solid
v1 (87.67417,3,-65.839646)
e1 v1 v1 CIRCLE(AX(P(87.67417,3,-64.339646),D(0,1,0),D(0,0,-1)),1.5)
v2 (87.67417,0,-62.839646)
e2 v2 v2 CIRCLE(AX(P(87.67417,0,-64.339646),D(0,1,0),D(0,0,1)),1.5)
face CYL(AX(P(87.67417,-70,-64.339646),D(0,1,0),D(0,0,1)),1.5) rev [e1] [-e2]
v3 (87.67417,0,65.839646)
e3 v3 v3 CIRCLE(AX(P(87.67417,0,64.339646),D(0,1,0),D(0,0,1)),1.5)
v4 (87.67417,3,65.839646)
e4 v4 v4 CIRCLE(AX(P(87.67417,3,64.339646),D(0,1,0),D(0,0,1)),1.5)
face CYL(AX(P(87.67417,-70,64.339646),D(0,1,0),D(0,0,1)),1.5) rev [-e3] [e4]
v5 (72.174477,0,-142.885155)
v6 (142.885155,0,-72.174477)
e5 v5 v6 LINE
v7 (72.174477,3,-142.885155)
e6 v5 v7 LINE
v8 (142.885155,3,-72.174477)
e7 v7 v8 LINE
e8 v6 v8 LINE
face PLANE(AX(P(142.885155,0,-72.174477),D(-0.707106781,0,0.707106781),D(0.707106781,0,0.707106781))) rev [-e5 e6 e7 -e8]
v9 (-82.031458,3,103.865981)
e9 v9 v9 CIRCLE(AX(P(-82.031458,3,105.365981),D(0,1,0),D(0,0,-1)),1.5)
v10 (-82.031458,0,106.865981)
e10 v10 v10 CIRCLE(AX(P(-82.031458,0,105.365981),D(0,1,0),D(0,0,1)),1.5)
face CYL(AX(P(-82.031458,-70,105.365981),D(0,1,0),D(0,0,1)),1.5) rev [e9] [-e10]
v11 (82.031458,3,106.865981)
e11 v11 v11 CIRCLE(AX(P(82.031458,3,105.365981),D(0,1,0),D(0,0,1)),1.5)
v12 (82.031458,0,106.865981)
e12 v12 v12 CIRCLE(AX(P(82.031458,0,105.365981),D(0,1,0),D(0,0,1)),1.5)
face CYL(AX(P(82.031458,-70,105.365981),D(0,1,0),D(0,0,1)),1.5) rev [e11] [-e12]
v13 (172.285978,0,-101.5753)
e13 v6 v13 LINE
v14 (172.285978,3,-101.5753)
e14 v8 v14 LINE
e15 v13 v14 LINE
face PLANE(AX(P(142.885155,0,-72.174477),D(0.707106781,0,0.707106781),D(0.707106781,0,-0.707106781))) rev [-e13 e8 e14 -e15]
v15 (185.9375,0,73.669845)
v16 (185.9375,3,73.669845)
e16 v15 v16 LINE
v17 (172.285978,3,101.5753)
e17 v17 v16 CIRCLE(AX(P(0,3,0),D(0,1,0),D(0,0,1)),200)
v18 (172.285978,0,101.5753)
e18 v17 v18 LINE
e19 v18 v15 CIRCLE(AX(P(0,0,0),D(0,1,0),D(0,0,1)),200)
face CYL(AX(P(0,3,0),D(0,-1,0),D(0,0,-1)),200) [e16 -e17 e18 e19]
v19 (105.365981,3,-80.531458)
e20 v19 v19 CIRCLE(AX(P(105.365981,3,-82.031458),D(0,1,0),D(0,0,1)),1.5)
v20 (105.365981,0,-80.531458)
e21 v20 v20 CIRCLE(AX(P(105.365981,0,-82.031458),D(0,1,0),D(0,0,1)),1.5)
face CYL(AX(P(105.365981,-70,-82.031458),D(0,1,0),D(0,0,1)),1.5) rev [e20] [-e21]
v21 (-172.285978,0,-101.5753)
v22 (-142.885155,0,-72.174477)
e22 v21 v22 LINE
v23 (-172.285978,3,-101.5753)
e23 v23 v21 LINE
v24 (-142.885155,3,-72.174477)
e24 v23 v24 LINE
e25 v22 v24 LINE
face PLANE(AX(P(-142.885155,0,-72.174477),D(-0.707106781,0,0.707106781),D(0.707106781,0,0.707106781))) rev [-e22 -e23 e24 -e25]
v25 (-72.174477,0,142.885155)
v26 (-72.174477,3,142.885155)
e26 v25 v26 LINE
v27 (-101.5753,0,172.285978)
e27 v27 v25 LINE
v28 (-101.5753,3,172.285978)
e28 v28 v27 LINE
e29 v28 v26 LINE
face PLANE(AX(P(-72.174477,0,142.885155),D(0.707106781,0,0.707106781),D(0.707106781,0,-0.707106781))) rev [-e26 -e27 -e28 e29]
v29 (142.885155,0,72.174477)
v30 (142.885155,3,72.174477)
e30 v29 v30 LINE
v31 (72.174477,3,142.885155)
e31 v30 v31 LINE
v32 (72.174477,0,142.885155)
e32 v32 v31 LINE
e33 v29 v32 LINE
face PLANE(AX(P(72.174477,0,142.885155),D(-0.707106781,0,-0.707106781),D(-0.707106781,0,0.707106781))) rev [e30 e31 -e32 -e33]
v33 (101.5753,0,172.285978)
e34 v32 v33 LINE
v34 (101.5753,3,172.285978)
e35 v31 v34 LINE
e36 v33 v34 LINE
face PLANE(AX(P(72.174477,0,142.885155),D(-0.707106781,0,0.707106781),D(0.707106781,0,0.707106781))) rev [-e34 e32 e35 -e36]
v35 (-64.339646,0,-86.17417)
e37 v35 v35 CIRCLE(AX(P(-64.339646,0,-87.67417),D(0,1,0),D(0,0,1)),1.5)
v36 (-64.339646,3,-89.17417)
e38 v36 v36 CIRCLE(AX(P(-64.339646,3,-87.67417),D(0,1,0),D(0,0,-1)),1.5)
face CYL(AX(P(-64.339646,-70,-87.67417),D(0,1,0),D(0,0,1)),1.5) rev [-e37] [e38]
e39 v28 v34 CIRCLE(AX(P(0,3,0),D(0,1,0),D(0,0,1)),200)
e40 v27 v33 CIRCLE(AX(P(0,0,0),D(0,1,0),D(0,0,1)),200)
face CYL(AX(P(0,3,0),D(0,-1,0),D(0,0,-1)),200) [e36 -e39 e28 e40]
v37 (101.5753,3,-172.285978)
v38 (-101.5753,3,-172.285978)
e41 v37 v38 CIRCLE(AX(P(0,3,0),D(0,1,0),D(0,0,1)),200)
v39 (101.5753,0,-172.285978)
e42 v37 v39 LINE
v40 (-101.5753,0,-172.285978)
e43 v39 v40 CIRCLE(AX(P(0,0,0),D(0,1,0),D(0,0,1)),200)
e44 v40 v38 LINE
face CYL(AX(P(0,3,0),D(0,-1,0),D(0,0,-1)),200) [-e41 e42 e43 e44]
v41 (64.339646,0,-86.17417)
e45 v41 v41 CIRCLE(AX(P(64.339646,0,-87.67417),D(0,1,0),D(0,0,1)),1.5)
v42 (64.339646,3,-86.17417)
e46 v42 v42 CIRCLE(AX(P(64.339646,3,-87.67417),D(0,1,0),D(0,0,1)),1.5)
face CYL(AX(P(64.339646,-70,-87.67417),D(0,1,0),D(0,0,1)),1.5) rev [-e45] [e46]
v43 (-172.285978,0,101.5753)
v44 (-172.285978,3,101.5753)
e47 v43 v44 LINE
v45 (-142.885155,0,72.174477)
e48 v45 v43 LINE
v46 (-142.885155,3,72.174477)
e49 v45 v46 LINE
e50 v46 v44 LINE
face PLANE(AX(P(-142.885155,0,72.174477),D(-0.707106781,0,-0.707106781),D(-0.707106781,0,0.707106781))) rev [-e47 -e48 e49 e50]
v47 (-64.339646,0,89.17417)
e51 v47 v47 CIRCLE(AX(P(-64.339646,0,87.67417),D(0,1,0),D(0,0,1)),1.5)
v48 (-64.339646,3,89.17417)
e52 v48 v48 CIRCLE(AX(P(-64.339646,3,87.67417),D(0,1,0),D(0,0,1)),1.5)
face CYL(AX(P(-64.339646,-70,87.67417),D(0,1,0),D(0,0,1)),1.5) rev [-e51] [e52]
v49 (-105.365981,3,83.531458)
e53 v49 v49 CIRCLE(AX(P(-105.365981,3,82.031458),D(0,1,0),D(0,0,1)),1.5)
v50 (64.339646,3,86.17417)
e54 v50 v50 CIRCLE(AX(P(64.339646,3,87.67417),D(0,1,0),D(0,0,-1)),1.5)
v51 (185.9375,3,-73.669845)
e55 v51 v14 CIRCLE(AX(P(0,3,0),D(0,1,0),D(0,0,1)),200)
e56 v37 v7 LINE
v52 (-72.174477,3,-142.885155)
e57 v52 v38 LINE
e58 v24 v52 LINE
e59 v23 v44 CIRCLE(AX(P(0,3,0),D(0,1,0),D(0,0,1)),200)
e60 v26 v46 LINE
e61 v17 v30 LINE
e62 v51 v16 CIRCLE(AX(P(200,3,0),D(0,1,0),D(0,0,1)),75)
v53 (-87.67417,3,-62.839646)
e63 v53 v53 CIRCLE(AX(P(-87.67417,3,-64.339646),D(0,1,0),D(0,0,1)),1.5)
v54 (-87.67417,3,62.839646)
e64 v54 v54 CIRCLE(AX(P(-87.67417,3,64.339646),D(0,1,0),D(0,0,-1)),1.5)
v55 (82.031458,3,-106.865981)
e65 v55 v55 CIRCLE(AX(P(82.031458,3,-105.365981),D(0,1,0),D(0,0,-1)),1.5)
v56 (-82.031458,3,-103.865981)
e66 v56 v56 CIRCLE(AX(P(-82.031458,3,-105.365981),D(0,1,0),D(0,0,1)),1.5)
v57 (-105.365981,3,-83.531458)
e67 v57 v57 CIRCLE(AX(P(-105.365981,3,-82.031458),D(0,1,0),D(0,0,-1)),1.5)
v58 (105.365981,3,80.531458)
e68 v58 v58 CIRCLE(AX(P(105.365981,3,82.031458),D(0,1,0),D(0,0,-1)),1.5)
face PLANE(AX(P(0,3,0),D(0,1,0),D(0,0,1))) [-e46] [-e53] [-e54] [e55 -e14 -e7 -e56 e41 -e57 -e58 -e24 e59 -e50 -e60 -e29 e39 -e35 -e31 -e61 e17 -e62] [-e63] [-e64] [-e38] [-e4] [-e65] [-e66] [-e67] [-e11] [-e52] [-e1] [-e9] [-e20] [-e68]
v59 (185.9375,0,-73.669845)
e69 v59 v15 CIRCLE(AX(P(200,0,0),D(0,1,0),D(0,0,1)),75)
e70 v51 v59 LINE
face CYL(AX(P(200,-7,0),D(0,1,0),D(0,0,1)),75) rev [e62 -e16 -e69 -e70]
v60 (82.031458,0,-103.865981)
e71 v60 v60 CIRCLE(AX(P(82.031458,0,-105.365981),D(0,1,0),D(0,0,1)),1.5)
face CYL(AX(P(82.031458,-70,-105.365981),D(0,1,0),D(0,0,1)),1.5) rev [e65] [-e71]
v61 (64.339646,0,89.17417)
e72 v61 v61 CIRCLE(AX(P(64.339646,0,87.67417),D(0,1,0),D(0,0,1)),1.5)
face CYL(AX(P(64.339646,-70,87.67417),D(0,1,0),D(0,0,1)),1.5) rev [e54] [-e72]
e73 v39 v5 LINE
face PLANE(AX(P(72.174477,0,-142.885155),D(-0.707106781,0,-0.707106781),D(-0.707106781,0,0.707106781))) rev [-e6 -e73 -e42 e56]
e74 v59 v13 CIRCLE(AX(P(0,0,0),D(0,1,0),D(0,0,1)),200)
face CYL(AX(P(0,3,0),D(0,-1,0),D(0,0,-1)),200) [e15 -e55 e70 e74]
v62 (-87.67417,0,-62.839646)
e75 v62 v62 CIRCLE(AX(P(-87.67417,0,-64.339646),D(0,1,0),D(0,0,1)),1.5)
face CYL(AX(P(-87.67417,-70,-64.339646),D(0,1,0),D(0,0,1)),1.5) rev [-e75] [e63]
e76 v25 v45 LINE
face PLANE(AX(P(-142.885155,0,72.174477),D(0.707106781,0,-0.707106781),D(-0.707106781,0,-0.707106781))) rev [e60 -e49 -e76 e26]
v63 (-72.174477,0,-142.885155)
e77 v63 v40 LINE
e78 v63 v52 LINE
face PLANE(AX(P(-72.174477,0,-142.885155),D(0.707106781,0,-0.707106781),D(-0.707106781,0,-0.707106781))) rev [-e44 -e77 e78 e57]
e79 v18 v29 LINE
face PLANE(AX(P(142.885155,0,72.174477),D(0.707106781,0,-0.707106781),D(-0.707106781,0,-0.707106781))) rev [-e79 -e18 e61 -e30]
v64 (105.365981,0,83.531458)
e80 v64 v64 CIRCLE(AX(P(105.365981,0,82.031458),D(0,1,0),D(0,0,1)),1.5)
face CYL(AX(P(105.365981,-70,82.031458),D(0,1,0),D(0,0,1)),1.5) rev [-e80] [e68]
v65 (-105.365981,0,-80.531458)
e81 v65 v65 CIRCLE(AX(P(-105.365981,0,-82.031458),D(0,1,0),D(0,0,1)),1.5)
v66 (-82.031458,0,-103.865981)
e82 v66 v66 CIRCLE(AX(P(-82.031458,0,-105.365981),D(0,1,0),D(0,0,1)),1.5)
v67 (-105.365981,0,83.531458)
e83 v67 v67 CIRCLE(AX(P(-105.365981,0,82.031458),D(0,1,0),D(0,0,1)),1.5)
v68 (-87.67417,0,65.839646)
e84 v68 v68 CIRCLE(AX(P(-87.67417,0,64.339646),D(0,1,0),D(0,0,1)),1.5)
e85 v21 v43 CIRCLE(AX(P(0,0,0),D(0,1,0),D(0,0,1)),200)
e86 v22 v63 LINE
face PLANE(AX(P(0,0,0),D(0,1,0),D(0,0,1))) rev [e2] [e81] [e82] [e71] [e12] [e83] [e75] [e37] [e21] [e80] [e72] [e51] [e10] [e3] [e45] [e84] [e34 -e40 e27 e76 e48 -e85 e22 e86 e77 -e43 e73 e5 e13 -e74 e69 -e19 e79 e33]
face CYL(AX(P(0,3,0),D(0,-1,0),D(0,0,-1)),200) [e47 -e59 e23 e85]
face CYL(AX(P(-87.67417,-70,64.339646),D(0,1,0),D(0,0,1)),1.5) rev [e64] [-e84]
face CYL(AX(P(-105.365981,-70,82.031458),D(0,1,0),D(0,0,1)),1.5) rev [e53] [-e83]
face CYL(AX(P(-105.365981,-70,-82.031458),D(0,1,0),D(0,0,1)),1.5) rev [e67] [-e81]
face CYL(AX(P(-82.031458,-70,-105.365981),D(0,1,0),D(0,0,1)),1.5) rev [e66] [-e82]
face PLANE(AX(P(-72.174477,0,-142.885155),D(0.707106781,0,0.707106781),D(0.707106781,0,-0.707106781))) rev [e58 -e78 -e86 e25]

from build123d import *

# Parameters (mm, degrees)
SKETCH1_R           = 200
BOSS_EXTRUDE1_DEPTH = 3
CUT_EXTRUDE1_DEPTH  = 3
SKETCH3_R           = 75
CUT_EXTRUDE2_DEPTH  = 10
SKETCH5_R           = 1.5
CUT_EXTRUDE4_DEPTH  = 73


with BuildPart() as part:
    # Sketch1 → Boss-Extrude1 (new body)
    with BuildSketch(Plane(origin=(0, 0, 0), x_dir=(1, 0, 0), z_dir=(0, 1, 0))):
        with Locations(Location((0, 0, 0), (0, 0, 270))):
            Circle(SKETCH1_R)
    extrude(amount=BOSS_EXTRUDE1_DEPTH)

    # Sketch2 → Cut-Extrude1 (cut)
    with BuildSketch(Plane(origin=(0, 3, 0), x_dir=(1, 0, 0), z_dir=(0, 1, 0))):
        Polygon((-142.885155346, -72.174477228), (-72.174477228, -142.885155346), (-156.069019709, -226.779697828), (-226.779697828, -156.069019709), align=None)
        Polygon((-72.174477228, 142.885155346), (-142.885155346, 72.174477228), (-226.779697828, 156.069019709), (-156.069019709, 226.779697828), align=None)
        Polygon((142.885155346, 72.174477228), (72.174477228, 142.885155346), (156.069019709, 226.779697828), (226.779697828, 156.069019709), align=None)
        Polygon((72.174477228, -142.885155346), (142.885155346, -72.174477228), (226.779697828, -156.069019709), (156.069019709, -226.779697828), align=None)
    extrude(amount=-CUT_EXTRUDE1_DEPTH, mode=Mode.SUBTRACT)

    # Sketch3 → Cut-Extrude2 (cut)
    with BuildSketch(Plane(origin=(0, 3, 0), x_dir=(1, 0, 0), z_dir=(0, 1, 0))):
        with Locations((200, 0)):
            Circle(SKETCH3_R)
    extrude(amount=-CUT_EXTRUDE2_DEPTH, mode=Mode.SUBTRACT)

    # Sketch5 → Cut-Extrude4 (cut)
    with BuildSketch(Plane(origin=(0, 3, 0), x_dir=(1, 0, 0), z_dir=(0, 1, 0))):
        with Locations(Location((82.031457685, -105.365981465, 0), (0, 0, 270))):
            Circle(SKETCH5_R)
        with Locations(Location((64.33964602, -87.674169799, 0), (0, 0, 270))):
            Circle(SKETCH5_R)
        with Locations(Location((105.365981465, -82.031457685, 0), (0, 0, 270))):
            Circle(SKETCH5_R)
        with Locations(Location((87.674169799, -64.33964602, 0), (0, 0, 270))):
            Circle(SKETCH5_R)
        with Locations(Location((-87.674169799, -64.33964602, 0), (0, 0, 270))):
            Circle(SKETCH5_R)
        with Locations(Location((-105.365981465, -82.031457685, 0), (0, 0, 270))):
            Circle(SKETCH5_R)
        with Locations(Location((-82.031457685, -105.365981465, 0), (0, 0, 270))):
            Circle(SKETCH5_R)
        with Locations(Location((-64.33964602, -87.674169799, 0), (0, 0, 270))):
            Circle(SKETCH5_R)
        with Locations(Location((-64.33964602, 87.674169799, 0), (0, 0, 270))):
            Circle(SKETCH5_R)
        with Locations(Location((-82.031457685, 105.365981465, 0), (0, 0, 270))):
            Circle(SKETCH5_R)
        with Locations(Location((-105.365981465, 82.031457685, 0), (0, 0, 270))):
            Circle(SKETCH5_R)
        with Locations(Location((-87.674169799, 64.33964602, 0), (0, 0, 270))):
            Circle(SKETCH5_R)
        with Locations(Location((87.674169799, 64.33964602, 0), (0, 0, 270))):
            Circle(SKETCH5_R)
        with Locations(Location((105.365981465, 82.031457685, 0), (0, 0, 270))):
            Circle(SKETCH5_R)
        with Locations(Location((82.031457685, 105.365981465, 0), (0, 0, 270))):
            Circle(SKETCH5_R)
        with Locations(Location((64.33964602, 87.674169799, 0), (0, 0, 270))):
            Circle(SKETCH5_R)
    extrude(amount=-CUT_EXTRUDE4_DEPTH, mode=Mode.SUBTRACT)


solid = part.part
